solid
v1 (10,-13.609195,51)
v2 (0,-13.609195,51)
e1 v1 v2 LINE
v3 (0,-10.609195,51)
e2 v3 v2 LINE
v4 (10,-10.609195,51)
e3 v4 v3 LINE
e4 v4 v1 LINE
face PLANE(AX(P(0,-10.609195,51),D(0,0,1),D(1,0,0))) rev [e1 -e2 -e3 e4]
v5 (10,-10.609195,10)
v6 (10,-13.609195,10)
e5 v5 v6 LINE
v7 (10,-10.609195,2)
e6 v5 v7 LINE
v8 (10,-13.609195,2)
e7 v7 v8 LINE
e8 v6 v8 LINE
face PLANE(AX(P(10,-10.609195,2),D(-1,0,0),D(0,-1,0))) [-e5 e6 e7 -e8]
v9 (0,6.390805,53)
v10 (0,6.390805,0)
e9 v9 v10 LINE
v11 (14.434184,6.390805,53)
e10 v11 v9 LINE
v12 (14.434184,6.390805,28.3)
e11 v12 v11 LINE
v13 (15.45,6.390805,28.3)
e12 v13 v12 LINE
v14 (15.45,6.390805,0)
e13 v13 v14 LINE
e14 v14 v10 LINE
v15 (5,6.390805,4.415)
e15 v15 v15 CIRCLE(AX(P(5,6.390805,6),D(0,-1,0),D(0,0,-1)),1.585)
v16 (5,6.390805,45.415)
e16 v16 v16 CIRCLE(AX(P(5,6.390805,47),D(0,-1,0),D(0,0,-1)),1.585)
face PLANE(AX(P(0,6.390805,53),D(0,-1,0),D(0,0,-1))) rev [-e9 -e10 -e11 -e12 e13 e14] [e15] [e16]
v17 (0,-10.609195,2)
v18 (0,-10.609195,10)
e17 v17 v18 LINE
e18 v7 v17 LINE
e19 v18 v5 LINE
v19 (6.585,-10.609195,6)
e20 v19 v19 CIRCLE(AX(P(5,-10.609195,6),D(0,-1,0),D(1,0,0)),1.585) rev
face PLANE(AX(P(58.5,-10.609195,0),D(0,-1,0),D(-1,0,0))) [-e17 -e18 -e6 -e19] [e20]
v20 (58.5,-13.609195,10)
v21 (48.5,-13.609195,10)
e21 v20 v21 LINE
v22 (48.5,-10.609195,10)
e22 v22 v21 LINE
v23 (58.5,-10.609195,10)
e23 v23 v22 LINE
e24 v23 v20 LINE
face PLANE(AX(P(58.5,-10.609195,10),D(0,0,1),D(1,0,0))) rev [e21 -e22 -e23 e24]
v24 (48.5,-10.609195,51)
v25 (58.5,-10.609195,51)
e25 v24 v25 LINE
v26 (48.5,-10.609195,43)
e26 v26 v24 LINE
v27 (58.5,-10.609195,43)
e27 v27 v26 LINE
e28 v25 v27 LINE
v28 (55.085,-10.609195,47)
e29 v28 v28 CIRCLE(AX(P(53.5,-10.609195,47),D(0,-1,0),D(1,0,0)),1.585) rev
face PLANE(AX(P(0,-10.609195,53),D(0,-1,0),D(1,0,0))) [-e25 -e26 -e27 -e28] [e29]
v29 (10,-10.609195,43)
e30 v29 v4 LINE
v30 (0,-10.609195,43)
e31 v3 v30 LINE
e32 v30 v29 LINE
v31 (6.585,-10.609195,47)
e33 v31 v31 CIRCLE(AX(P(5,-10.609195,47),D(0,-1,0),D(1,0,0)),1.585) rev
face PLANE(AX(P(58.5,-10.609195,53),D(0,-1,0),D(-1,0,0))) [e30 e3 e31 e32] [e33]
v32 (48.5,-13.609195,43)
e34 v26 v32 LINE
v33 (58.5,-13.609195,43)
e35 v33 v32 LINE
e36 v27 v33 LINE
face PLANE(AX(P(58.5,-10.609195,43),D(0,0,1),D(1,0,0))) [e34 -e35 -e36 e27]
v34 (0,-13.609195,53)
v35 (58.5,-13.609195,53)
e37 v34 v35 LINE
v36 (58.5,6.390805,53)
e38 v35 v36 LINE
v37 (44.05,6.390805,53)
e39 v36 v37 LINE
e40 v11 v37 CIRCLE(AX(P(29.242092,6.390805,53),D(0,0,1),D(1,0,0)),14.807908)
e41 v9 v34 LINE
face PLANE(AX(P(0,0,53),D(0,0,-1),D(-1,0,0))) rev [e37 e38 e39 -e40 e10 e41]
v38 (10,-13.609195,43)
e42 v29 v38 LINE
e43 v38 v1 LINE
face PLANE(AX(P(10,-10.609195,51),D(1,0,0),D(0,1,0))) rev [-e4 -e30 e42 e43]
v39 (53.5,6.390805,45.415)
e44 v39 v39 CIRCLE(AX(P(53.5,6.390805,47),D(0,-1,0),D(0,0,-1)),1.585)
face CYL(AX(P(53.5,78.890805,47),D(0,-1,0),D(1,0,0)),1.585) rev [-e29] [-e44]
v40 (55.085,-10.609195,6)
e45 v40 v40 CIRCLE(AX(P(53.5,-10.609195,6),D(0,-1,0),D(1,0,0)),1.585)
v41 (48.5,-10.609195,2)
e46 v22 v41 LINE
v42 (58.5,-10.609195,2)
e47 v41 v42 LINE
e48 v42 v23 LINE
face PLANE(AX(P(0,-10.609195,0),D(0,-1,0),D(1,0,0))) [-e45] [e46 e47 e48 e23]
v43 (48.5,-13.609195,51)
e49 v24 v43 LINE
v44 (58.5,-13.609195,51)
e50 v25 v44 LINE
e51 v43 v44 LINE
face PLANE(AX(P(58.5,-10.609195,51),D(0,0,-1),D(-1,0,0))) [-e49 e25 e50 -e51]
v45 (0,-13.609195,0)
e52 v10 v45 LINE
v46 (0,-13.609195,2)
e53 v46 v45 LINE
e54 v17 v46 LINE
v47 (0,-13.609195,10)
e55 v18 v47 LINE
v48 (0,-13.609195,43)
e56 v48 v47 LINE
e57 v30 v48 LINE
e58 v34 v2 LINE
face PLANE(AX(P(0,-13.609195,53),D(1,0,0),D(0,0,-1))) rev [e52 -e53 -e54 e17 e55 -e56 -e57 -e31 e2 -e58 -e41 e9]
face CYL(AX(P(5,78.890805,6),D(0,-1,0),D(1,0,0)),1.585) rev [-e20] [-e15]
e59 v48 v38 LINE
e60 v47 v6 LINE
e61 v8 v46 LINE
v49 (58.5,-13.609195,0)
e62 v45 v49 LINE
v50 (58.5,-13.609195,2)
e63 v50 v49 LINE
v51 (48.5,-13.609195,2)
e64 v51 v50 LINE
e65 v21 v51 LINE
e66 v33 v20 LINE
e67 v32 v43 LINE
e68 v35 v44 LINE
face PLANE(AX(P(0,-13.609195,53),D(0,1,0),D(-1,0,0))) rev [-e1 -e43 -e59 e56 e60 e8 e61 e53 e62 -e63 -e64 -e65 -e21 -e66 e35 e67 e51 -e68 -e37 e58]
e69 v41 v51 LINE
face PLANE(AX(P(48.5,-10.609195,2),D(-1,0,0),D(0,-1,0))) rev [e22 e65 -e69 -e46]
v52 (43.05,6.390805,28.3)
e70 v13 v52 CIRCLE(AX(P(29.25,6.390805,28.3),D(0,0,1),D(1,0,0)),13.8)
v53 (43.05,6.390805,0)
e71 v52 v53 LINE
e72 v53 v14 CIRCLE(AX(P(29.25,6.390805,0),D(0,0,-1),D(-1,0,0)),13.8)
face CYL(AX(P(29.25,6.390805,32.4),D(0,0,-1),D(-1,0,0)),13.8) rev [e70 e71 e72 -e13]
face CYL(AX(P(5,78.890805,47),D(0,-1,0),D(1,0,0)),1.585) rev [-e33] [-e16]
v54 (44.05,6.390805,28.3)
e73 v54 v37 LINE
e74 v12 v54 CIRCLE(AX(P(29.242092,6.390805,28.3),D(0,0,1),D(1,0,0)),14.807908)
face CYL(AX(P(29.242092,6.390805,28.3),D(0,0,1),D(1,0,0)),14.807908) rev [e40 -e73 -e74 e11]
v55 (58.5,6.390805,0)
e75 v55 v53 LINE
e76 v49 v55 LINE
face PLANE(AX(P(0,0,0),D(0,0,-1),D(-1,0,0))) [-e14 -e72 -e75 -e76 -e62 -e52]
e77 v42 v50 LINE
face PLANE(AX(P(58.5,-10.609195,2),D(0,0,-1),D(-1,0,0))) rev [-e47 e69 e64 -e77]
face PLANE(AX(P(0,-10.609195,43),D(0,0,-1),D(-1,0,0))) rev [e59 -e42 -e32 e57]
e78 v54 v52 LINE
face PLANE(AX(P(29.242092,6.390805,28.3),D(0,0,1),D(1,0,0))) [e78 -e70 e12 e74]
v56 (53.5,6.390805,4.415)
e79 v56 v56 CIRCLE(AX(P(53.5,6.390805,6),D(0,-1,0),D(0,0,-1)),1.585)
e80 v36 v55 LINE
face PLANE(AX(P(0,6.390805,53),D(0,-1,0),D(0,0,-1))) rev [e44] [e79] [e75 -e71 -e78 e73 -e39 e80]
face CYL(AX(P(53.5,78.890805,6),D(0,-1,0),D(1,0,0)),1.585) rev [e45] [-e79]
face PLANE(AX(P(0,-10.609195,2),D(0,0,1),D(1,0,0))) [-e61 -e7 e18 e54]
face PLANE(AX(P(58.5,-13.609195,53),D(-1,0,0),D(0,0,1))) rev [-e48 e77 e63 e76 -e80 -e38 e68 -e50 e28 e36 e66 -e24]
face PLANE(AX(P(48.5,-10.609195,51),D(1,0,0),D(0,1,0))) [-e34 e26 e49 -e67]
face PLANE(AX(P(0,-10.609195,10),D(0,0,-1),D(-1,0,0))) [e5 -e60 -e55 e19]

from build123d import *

# Parameters (mm, degrees)
SKETCH1_W                                  = 58.5
SKETCH1_H                                  = 20
BOSS_EXTRUDE1_DEPTH                        = 53
CUT_EXTRUDE2_DEPTH                         = 24.7
CUT_EXTRUDE3_DEPTH                         = 32.4
SKETCH8_W                                  = 10
SKETCH8_H                                  = 8
CUT_EXTRUDE6_DEPTH                         = 3
SKETCH7_R                                  = 1.585
CUT_EXTRUDE5_DEPTH                         = 92.5
MIRROR1_AT_THE_SECOND_PLANE_COPY_1_SKETC_W = 10
MIRROR1_AT_THE_SECOND_PLANE_COPY_1_SKETC_H = 8
MIRROR1_AT_THE_SECOND_PLANE_COPY_1_DEPTH   = 3


with BuildPart() as part:
    # Sketch1 → Boss-Extrude1 (new body)
    with BuildSketch(Plane.XY):
        with Locations((29.25, -3.609195402)):
            Rectangle(SKETCH1_W, SKETCH1_H)
    extrude(amount=BOSS_EXTRUDE1_DEPTH)

    # Sketch3 → Cut-Extrude2 (cut)
    with BuildSketch(Plane.XY.offset(53)):
        with BuildLine():
            Line((14.434183752, 6.390804598), (44.05, 6.390804598))
            ThreePointArc((44.05, 6.390804598), (29.242091876, -8.417103526), (14.434183752, 6.390804598))
        make_face()
    extrude(amount=-CUT_EXTRUDE2_DEPTH, mode=Mode.SUBTRACT)

    # Sketch5 → Cut-Extrude3 (cut)
    with BuildSketch(Plane(origin=(0, 0, 0), x_dir=(-1, 0, 0), z_dir=(0, 0, -1))):
        with BuildLine():
            Line((-43.05, 6.390804598), (-15.45, 6.390804598))
            ThreePointArc((-15.45, 6.390804598), (-29.25, -7.409195402), (-43.05, 6.390804598))
        make_face()
    extrude(amount=-CUT_EXTRUDE3_DEPTH, mode=Mode.SUBTRACT)

    # Sketch8 → Cut-Extrude6 (cut)
    with BuildSketch(Plane(origin=(0, -13.609195402, 0), x_dir=(-1, 0, 0), z_dir=(0, -1, 0))):
        with Locations((-53.5, -6)):
            Rectangle(SKETCH8_W, SKETCH8_H)
    cut_extrude6 = extrude(amount=-CUT_EXTRUDE6_DEPTH, mode=Mode.SUBTRACT)

    # Sketch7 → Cut-Extrude5 (cut)
    with BuildSketch(Plane(origin=(0, -13.609195402, 0), x_dir=(-1, 0, 0), z_dir=(0, -1, 0))):
        with Locations(Location((-53.5, -47, 0), (0, 0, 180))):
            Circle(SKETCH7_R)
        with Locations(Location((-53.5, -6, 0), (0, 0, 180))):
            Circle(SKETCH7_R)
        with Locations(Location((-5, -6, 0), (0, 0, 180))):
            Circle(SKETCH7_R)
        with Locations(Location((-5, -47, 0), (0, 0, 180))):
            Circle(SKETCH7_R)
    extrude(amount=-CUT_EXTRUDE5_DEPTH, mode=Mode.SUBTRACT)

    # Mirror1: Cut-Extrude6 across plane
    add(cut_extrude6.mirror(Plane.XY.offset(26.5)), mode=Mode.SUBTRACT)

    # Mirror1 at the second plane: Cut-Extrude6 across plane
    add(cut_extrude6.mirror(Plane.ZY.offset(-29.25)), mode=Mode.SUBTRACT)

    # Mirror1 at the second plane copy 1 sketc → Mirror1 at the second plane copy 1 (cut)
    with BuildSketch(Plane(origin=(58.5, -13.609195402, 53), x_dir=(1, 0, 0), z_dir=(0, -1, 0))):
        with Locations((-53.5, -6)):
            Rectangle(MIRROR1_AT_THE_SECOND_PLANE_COPY_1_SKETC_W, MIRROR1_AT_THE_SECOND_PLANE_COPY_1_SKETC_H)
    extrude(amount=-MIRROR1_AT_THE_SECOND_PLANE_COPY_1_DEPTH, mode=Mode.SUBTRACT)


solid = part.part
